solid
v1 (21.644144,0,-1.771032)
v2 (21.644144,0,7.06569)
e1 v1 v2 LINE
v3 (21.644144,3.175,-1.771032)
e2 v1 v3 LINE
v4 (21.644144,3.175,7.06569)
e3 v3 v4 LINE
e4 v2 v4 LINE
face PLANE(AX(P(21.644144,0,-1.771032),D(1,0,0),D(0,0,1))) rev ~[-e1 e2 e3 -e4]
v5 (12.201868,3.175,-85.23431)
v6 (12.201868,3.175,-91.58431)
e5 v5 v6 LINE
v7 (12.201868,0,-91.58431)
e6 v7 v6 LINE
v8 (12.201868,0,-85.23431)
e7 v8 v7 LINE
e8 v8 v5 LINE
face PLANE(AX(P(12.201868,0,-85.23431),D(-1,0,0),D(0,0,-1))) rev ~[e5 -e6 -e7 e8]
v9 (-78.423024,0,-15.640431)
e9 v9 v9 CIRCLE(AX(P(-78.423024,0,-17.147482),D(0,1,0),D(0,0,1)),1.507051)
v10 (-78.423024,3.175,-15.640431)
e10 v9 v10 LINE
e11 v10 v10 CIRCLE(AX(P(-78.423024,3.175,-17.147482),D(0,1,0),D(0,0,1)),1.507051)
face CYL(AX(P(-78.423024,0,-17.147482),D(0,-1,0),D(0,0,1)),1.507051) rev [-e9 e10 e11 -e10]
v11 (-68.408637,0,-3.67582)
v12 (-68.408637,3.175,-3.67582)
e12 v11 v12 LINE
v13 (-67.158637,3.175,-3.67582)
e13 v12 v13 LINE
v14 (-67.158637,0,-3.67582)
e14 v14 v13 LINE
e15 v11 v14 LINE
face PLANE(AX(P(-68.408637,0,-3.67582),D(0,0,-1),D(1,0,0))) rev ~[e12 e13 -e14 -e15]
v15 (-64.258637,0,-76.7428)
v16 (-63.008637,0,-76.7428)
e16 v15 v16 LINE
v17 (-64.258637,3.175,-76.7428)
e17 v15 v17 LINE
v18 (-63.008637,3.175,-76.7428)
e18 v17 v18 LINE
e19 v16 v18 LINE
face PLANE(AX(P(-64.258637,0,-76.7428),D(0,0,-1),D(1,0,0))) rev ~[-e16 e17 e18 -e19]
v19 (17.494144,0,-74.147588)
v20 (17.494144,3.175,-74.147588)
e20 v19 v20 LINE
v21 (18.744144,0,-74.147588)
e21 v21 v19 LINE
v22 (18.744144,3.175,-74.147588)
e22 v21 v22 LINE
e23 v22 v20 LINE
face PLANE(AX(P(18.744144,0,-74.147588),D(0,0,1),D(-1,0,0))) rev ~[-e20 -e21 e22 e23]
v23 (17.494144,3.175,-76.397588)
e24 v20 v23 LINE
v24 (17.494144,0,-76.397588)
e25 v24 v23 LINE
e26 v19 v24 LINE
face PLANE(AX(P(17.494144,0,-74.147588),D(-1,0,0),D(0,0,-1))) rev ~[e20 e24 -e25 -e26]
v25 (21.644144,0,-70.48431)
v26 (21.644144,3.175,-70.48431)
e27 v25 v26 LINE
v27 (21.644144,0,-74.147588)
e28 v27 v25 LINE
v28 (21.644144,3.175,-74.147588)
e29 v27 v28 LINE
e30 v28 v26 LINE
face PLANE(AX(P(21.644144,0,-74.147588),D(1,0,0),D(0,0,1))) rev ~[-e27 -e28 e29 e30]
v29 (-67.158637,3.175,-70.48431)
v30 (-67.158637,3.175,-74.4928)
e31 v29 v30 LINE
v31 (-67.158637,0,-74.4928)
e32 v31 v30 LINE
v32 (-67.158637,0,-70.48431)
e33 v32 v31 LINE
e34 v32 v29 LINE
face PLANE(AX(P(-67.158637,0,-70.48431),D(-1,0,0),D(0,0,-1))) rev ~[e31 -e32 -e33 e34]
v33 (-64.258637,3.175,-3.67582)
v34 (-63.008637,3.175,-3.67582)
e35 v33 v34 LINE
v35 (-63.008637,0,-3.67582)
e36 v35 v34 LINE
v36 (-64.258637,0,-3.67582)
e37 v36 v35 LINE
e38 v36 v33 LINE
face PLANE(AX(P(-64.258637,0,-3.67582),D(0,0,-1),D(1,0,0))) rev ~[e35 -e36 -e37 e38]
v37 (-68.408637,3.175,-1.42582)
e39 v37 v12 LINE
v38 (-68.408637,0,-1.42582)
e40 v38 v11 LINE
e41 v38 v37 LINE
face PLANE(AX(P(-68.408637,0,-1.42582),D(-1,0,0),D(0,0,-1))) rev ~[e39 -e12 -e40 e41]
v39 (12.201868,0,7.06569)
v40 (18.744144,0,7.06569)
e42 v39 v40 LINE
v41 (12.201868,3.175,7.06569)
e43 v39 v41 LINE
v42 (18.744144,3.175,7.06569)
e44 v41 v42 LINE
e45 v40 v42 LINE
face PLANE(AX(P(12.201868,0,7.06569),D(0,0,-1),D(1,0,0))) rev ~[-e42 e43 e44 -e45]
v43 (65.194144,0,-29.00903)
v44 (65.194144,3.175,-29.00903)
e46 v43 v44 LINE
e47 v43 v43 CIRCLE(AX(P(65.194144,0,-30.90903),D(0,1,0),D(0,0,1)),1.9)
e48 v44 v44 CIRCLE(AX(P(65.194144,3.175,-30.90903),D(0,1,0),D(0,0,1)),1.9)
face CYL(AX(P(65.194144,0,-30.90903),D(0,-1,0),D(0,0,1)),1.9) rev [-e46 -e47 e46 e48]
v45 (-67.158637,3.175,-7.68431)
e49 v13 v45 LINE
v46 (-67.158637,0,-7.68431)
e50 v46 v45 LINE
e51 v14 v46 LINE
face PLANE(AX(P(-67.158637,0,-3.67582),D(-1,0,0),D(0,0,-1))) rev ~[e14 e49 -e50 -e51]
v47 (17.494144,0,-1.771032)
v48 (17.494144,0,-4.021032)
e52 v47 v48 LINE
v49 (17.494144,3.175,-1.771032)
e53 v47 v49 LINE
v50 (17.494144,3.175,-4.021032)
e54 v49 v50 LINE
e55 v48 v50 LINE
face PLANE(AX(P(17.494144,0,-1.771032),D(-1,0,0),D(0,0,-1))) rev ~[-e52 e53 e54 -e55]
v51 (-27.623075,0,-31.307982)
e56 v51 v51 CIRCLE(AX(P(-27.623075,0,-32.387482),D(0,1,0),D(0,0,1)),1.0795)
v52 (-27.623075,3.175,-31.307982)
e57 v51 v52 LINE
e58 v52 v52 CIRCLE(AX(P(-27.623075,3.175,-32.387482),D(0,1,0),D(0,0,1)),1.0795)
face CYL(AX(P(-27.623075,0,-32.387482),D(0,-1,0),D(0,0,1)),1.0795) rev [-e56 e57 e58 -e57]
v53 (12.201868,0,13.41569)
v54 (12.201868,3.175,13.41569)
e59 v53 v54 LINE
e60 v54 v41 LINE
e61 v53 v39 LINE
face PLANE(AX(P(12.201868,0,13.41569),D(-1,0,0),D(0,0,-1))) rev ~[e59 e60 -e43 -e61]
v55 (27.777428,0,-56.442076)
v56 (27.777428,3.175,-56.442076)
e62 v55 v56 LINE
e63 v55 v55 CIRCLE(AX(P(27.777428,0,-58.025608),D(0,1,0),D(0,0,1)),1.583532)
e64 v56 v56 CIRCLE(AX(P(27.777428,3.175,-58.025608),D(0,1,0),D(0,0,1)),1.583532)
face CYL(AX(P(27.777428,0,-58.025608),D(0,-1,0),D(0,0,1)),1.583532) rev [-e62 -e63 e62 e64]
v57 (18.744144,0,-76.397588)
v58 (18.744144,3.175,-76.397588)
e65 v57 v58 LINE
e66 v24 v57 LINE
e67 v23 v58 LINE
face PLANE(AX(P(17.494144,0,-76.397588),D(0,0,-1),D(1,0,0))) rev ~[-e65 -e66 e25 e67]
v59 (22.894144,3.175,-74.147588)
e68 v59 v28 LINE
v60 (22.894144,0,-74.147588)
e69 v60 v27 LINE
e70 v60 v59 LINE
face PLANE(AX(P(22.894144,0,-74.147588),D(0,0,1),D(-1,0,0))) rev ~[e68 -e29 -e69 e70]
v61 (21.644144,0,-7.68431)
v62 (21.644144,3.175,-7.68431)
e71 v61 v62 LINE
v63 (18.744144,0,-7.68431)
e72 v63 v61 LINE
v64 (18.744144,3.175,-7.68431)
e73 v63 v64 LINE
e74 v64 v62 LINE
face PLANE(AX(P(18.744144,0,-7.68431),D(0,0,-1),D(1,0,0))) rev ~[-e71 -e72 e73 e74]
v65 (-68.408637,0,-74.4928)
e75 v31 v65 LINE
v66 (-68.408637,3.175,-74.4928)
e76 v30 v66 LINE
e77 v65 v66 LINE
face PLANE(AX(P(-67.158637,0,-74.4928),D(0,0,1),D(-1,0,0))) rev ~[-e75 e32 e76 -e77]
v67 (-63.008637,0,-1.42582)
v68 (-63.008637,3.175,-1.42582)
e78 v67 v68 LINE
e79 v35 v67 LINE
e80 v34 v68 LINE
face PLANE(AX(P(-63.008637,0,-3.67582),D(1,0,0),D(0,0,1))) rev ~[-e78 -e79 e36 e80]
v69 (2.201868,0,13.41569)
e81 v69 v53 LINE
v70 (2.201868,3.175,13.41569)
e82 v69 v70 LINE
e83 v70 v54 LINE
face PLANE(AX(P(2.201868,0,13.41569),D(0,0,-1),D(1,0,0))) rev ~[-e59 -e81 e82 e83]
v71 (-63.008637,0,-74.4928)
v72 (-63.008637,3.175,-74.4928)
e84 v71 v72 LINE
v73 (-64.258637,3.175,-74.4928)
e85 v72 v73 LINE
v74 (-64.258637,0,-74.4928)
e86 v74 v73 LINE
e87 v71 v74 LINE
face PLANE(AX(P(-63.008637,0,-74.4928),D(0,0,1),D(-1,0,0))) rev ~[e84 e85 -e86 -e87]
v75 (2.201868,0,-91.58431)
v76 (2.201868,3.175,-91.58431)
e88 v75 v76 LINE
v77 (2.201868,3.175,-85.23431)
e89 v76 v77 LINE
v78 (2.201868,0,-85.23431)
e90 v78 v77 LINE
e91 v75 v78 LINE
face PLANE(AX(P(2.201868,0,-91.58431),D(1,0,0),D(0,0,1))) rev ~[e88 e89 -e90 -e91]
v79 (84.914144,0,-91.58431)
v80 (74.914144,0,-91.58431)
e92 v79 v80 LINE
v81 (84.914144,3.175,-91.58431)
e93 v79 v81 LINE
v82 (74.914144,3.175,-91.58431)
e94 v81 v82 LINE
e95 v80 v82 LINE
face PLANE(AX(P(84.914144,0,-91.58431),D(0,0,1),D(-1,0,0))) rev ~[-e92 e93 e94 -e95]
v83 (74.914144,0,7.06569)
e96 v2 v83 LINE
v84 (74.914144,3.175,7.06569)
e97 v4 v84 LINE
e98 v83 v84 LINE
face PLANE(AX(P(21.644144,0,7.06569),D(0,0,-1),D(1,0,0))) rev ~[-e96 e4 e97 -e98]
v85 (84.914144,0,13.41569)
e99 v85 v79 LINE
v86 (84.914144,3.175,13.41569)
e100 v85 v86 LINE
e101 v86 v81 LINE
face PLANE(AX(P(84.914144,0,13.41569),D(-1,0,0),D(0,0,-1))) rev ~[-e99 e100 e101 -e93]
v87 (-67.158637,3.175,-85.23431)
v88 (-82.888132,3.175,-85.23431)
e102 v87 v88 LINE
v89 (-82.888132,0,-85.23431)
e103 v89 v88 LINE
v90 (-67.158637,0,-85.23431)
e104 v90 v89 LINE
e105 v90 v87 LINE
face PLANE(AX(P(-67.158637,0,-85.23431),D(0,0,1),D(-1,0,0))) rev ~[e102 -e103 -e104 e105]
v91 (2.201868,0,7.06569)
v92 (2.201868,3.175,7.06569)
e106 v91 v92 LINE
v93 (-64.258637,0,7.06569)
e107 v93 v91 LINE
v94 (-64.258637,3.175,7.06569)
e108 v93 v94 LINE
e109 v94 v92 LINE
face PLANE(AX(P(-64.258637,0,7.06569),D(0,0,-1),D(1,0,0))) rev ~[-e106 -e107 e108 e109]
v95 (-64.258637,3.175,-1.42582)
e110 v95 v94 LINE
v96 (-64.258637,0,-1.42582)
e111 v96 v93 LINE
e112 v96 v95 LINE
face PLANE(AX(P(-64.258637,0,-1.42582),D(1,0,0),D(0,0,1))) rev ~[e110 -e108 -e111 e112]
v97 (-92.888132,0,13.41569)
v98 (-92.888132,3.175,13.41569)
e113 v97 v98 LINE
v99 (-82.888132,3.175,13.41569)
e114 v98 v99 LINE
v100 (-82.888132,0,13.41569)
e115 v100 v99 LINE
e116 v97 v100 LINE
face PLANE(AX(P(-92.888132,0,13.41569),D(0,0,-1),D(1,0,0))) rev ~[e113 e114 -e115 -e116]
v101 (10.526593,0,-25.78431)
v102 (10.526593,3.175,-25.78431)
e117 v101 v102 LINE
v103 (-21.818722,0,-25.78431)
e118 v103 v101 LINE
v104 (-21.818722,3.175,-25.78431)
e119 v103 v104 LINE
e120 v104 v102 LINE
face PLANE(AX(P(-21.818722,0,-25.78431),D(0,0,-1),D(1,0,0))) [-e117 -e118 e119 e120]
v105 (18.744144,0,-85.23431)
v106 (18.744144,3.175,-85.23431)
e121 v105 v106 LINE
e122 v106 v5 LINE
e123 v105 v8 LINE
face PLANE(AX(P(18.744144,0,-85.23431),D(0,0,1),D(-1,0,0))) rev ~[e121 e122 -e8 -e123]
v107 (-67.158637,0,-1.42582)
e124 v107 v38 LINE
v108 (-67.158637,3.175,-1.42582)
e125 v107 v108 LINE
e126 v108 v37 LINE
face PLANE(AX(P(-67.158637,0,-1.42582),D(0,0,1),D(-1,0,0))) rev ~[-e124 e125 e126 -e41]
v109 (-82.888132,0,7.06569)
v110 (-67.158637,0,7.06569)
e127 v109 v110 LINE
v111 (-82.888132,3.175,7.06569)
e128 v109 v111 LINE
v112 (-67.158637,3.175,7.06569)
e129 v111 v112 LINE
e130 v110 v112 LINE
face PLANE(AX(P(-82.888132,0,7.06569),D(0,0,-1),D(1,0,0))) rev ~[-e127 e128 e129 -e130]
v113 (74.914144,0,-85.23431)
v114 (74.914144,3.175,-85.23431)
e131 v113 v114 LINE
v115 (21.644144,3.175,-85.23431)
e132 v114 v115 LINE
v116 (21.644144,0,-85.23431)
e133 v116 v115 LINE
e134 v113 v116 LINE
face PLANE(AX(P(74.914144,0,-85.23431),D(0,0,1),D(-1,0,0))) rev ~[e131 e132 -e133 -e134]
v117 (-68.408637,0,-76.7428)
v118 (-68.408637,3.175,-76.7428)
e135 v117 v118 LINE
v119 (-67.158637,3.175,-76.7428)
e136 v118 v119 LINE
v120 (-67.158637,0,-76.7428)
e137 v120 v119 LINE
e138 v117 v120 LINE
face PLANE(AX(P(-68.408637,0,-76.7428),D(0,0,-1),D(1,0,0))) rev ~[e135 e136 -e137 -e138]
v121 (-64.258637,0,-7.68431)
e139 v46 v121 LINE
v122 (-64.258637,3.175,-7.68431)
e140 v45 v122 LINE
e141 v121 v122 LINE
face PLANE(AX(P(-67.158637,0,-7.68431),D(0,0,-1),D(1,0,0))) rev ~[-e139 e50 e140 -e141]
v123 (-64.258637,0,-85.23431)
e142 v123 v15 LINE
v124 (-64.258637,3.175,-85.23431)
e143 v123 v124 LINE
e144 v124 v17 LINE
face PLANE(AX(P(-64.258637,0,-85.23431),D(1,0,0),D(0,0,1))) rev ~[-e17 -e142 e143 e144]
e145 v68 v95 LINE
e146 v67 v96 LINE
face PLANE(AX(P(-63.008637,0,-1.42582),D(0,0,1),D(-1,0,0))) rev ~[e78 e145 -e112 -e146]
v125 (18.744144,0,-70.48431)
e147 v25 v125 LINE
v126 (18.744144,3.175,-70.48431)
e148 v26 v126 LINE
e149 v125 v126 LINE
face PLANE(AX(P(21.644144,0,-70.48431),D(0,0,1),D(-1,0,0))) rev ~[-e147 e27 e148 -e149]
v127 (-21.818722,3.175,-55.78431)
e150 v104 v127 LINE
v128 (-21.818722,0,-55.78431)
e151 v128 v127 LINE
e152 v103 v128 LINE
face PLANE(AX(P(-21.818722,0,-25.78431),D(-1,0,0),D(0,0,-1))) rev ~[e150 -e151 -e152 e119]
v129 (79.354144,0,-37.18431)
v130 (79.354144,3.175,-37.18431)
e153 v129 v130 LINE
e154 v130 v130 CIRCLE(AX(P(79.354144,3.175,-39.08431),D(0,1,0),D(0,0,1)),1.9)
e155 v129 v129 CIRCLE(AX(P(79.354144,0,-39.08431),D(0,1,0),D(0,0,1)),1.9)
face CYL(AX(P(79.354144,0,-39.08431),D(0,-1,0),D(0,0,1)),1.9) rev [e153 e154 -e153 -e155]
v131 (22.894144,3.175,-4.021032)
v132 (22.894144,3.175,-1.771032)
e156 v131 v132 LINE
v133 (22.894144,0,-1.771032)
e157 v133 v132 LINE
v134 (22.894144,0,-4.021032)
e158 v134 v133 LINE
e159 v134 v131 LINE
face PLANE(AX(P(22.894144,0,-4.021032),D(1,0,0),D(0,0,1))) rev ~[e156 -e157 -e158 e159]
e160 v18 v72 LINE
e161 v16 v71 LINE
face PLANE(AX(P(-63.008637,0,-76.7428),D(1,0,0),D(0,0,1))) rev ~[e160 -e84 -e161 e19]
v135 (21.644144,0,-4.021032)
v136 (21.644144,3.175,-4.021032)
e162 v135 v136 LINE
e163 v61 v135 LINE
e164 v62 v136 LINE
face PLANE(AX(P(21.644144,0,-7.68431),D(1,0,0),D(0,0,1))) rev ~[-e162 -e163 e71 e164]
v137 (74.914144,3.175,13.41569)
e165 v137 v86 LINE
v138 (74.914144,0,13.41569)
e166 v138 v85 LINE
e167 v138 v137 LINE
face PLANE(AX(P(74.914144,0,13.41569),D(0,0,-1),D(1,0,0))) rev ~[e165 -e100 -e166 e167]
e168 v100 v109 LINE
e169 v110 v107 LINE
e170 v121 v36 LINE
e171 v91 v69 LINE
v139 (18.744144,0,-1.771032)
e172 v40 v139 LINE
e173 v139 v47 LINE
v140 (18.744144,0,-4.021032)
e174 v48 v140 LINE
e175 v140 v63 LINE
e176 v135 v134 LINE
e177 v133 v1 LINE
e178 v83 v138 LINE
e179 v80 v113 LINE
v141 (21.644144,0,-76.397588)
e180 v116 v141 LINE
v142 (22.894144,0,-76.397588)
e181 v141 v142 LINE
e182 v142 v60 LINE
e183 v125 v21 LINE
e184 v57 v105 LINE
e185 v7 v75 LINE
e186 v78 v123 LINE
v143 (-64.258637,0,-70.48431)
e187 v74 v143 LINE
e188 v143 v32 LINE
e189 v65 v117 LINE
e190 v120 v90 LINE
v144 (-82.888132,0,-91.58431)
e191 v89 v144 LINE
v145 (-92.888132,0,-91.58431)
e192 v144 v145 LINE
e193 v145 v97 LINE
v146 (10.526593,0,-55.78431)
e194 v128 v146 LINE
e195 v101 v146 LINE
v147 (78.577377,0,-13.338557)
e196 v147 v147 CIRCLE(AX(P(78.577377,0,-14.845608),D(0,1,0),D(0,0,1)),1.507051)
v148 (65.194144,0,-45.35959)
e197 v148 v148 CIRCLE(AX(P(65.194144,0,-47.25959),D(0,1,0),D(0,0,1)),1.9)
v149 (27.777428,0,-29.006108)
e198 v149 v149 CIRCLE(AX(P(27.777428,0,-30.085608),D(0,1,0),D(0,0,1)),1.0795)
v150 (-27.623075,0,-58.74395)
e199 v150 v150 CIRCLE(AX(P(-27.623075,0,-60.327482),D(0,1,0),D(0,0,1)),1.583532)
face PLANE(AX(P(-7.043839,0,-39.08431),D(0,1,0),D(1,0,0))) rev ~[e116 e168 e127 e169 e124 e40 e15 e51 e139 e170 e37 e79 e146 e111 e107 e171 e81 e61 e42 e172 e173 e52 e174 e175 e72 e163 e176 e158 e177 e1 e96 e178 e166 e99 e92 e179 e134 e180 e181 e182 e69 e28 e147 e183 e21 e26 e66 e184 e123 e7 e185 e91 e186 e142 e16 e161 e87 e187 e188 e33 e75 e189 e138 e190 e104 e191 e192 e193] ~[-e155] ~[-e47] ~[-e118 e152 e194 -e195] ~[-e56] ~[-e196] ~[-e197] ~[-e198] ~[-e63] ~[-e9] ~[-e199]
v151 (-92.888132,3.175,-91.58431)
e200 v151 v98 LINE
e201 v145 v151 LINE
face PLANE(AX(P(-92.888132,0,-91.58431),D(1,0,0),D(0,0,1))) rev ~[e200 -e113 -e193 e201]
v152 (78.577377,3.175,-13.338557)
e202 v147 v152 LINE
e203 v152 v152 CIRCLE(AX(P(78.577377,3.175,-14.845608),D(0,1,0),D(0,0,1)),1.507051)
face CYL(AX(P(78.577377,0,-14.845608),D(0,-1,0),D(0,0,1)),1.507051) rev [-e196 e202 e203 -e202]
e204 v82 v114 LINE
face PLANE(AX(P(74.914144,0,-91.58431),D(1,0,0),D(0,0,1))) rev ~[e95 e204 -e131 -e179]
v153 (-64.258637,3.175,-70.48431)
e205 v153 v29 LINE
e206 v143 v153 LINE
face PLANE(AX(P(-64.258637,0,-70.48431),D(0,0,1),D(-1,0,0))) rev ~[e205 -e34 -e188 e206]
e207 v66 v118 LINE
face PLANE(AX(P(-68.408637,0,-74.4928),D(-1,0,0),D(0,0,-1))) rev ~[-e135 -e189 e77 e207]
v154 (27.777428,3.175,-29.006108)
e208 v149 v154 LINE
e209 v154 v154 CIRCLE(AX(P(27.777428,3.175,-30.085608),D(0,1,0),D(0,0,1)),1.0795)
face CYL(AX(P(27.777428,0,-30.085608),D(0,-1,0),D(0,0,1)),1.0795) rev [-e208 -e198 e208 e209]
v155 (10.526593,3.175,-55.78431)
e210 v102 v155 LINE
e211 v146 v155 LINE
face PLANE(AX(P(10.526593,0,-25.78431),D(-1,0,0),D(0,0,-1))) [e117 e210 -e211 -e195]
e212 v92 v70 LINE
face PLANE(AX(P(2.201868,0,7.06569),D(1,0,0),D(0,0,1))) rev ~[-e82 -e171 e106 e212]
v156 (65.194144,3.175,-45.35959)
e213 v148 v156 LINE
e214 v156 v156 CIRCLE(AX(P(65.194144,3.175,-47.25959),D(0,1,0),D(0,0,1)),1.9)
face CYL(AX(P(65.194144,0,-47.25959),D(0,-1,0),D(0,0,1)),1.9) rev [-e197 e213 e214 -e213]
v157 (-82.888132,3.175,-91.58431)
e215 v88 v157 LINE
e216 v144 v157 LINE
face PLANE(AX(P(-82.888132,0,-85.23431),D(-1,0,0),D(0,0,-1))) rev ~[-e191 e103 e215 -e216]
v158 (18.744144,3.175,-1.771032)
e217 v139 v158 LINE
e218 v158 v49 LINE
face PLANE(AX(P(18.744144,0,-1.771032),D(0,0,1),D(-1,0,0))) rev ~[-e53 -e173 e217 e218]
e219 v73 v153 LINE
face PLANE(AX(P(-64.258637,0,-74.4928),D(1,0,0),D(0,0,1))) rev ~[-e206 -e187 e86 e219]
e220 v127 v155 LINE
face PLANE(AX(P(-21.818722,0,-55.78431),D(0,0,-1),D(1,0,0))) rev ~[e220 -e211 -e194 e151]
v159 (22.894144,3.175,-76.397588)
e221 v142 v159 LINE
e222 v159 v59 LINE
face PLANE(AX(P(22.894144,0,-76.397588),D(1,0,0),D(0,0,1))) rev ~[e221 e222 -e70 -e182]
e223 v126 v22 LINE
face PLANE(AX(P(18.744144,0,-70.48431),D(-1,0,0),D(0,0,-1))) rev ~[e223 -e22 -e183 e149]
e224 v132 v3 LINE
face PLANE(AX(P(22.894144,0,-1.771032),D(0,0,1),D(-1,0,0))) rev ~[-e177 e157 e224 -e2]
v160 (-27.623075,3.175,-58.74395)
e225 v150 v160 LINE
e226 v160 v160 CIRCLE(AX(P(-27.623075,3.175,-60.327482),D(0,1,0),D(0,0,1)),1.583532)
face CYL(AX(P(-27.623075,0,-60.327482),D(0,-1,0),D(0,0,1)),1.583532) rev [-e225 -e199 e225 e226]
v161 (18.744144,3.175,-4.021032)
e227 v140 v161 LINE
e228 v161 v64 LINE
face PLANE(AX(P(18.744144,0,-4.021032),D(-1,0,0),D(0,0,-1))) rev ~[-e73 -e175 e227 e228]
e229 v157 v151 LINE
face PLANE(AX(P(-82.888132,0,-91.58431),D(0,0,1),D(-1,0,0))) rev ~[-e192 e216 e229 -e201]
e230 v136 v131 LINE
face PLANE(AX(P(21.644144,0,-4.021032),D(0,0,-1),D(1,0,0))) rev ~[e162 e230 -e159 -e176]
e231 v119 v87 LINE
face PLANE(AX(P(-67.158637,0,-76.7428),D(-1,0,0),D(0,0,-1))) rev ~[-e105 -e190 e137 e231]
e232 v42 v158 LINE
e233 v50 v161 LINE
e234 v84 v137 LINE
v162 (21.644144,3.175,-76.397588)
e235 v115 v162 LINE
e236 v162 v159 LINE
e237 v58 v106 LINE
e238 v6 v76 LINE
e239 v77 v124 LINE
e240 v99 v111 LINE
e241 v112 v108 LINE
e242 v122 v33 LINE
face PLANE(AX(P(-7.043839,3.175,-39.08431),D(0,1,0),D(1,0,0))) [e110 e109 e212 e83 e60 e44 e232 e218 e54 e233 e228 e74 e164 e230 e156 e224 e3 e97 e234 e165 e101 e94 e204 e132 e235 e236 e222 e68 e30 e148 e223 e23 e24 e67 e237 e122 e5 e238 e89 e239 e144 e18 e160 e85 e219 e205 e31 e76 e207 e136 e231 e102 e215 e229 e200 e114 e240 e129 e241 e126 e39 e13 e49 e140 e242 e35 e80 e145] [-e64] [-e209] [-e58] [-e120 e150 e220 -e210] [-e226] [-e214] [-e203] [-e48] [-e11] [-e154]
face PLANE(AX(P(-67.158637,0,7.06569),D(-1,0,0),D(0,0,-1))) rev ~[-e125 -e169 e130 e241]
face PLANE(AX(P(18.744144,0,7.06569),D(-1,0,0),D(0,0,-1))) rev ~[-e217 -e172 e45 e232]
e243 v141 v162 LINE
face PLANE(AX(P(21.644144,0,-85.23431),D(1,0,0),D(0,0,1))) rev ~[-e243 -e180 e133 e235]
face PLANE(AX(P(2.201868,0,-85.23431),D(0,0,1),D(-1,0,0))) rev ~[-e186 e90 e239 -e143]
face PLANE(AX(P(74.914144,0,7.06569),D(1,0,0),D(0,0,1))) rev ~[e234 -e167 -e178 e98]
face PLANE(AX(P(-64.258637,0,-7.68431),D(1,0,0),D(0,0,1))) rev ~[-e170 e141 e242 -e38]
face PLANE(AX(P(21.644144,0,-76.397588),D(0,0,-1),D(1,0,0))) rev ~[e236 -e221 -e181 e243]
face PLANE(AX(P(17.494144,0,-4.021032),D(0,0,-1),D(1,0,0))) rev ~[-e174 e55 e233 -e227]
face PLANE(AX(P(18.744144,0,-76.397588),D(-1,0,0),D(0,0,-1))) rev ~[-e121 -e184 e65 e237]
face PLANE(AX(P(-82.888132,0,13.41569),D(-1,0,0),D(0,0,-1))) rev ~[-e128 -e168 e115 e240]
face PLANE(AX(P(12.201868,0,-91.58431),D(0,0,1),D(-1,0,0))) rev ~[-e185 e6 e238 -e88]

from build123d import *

# Parameters (mm, degrees)
SKETCH1_R      = 1.9
SKETCH1_R_2    = 1.58353158
SKETCH1_R_3    = 1.50705101
SKETCH1_R_4    = 1.0795
SKETCH1_W      = 32.345315457
SKETCH1_H      = 30
EXTRUDE1_DEPTH = 3.175


with BuildPart() as part:
    # Sketch1 → Extrude1 (new body)
    with BuildSketch(Plane(origin=(0, 0, 0), x_dir=(1, 0, 0), z_dir=(0, 1, 0))):
        Polygon((-67.158636898, 70.484310302), (-67.158636898, 74.492800404), (-68.408636898, 74.492800404), (-68.408636898, 76.742800404), (-67.158636898, 76.742800404), (-67.158636898, 85.234310302), (-82.88813161, 85.234310302), (-82.88813161, 91.584310302), (-92.88813161, 91.584310302), (-92.88813161, -13.415689698), (-82.88813161, -13.415689698), (-82.88813161, -7.065689698), (-67.158636898, -7.065689698), (-67.158636898, 1.425820201), (-68.408636898, 1.425820201), (-68.408636898, 3.675820201), (-67.158636898, 3.675820201), (-67.158636898, 7.684310302), (-64.258636898, 7.684310302), (-64.258636898, 3.675820201), (-63.008636898, 3.675820201), (-63.008636898, 1.425820201), (-64.258636898, 1.425820201), (-64.258636898, -7.065689698), (2.20186839, -7.065689698), (2.20186839, -13.415689698), (12.20186839, -13.415689698), (12.20186839, -7.065689698), (18.744143558, -7.065689698), (18.744143558, 1.771032224), (17.494143558, 1.771032224), (17.494143558, 4.021032224), (18.744143558, 4.021032224), (18.744143558, 7.684310302), (21.644143558, 7.684310302), (21.644143558, 4.021032224), (22.894143558, 4.021032224), (22.894143558, 1.771032224), (21.644143558, 1.771032224), (21.644143558, -7.065689698), (74.914143558, -7.065689698), (74.914143558, -13.415689698), (84.914143558, -13.415689698), (84.914143558, 91.584310302), (74.914143558, 91.584310302), (74.914143558, 85.234310302), (21.644143558, 85.234310302), (21.644143558, 76.397588381), (22.894143558, 76.397588381), (22.894143558, 74.147588381), (21.644143558, 74.147588381), (21.644143558, 70.484310302), (18.744143558, 70.484310302), (18.744143558, 74.147588381), (17.494143558, 74.147588381), (17.494143558, 76.397588381), (18.744143558, 76.397588381), (18.744143558, 85.234310302), (12.20186839, 85.234310302), (12.20186839, 91.584310302), (2.20186839, 91.584310302), (2.20186839, 85.234310302), (-64.258636898, 85.234310302), (-64.258636898, 76.742800404), (-63.008636898, 76.742800404), (-63.008636898, 74.492800404), (-64.258636898, 74.492800404), (-64.258636898, 70.484310302), align=None)
        with Locations(Location((79.354143558, 39.084310302, 0), (0, 0, 270))):
            Circle(SKETCH1_R, mode=Mode.SUBTRACT)
        with Locations(Location((65.194143558, 30.909030491, 0), (0, 0, 270))):
            Circle(SKETCH1_R, mode=Mode.SUBTRACT)
        with Locations(Location((65.194143558, 47.259590114, 0), (0, 0, 270))):
            Circle(SKETCH1_R, mode=Mode.SUBTRACT)
        with Locations(Location((27.777428137, 58.025608002, 0), (0, 0, 270))):
            Circle(SKETCH1_R_2, mode=Mode.SUBTRACT)
        with Locations(Location((78.577377337, 14.845608002, 0), (0, 0, 270))):
            Circle(SKETCH1_R_3, mode=Mode.SUBTRACT)
        with Locations(Location((27.777428137, 30.085608002, 0), (0, 0, 270))):
            Circle(SKETCH1_R_4, mode=Mode.SUBTRACT)
        with Locations(Location((-78.42302428, 17.147481819, 0), (0, 0, 270))):
            Circle(SKETCH1_R_3, mode=Mode.SUBTRACT)
        with Locations(Location((-27.62307508, 32.387481819, 0), (0, 0, 270))):
            Circle(SKETCH1_R_4, mode=Mode.SUBTRACT)
        with Locations(Location((-27.62307508, 60.327481819, 0), (0, 0, 270))):
            Circle(SKETCH1_R_2, mode=Mode.SUBTRACT)
        with Locations((-5.646064502, 40.784310302)):
            Rectangle(SKETCH1_W, SKETCH1_H, mode=Mode.SUBTRACT)
    extrude(amount=EXTRUDE1_DEPTH)


solid = part.part
